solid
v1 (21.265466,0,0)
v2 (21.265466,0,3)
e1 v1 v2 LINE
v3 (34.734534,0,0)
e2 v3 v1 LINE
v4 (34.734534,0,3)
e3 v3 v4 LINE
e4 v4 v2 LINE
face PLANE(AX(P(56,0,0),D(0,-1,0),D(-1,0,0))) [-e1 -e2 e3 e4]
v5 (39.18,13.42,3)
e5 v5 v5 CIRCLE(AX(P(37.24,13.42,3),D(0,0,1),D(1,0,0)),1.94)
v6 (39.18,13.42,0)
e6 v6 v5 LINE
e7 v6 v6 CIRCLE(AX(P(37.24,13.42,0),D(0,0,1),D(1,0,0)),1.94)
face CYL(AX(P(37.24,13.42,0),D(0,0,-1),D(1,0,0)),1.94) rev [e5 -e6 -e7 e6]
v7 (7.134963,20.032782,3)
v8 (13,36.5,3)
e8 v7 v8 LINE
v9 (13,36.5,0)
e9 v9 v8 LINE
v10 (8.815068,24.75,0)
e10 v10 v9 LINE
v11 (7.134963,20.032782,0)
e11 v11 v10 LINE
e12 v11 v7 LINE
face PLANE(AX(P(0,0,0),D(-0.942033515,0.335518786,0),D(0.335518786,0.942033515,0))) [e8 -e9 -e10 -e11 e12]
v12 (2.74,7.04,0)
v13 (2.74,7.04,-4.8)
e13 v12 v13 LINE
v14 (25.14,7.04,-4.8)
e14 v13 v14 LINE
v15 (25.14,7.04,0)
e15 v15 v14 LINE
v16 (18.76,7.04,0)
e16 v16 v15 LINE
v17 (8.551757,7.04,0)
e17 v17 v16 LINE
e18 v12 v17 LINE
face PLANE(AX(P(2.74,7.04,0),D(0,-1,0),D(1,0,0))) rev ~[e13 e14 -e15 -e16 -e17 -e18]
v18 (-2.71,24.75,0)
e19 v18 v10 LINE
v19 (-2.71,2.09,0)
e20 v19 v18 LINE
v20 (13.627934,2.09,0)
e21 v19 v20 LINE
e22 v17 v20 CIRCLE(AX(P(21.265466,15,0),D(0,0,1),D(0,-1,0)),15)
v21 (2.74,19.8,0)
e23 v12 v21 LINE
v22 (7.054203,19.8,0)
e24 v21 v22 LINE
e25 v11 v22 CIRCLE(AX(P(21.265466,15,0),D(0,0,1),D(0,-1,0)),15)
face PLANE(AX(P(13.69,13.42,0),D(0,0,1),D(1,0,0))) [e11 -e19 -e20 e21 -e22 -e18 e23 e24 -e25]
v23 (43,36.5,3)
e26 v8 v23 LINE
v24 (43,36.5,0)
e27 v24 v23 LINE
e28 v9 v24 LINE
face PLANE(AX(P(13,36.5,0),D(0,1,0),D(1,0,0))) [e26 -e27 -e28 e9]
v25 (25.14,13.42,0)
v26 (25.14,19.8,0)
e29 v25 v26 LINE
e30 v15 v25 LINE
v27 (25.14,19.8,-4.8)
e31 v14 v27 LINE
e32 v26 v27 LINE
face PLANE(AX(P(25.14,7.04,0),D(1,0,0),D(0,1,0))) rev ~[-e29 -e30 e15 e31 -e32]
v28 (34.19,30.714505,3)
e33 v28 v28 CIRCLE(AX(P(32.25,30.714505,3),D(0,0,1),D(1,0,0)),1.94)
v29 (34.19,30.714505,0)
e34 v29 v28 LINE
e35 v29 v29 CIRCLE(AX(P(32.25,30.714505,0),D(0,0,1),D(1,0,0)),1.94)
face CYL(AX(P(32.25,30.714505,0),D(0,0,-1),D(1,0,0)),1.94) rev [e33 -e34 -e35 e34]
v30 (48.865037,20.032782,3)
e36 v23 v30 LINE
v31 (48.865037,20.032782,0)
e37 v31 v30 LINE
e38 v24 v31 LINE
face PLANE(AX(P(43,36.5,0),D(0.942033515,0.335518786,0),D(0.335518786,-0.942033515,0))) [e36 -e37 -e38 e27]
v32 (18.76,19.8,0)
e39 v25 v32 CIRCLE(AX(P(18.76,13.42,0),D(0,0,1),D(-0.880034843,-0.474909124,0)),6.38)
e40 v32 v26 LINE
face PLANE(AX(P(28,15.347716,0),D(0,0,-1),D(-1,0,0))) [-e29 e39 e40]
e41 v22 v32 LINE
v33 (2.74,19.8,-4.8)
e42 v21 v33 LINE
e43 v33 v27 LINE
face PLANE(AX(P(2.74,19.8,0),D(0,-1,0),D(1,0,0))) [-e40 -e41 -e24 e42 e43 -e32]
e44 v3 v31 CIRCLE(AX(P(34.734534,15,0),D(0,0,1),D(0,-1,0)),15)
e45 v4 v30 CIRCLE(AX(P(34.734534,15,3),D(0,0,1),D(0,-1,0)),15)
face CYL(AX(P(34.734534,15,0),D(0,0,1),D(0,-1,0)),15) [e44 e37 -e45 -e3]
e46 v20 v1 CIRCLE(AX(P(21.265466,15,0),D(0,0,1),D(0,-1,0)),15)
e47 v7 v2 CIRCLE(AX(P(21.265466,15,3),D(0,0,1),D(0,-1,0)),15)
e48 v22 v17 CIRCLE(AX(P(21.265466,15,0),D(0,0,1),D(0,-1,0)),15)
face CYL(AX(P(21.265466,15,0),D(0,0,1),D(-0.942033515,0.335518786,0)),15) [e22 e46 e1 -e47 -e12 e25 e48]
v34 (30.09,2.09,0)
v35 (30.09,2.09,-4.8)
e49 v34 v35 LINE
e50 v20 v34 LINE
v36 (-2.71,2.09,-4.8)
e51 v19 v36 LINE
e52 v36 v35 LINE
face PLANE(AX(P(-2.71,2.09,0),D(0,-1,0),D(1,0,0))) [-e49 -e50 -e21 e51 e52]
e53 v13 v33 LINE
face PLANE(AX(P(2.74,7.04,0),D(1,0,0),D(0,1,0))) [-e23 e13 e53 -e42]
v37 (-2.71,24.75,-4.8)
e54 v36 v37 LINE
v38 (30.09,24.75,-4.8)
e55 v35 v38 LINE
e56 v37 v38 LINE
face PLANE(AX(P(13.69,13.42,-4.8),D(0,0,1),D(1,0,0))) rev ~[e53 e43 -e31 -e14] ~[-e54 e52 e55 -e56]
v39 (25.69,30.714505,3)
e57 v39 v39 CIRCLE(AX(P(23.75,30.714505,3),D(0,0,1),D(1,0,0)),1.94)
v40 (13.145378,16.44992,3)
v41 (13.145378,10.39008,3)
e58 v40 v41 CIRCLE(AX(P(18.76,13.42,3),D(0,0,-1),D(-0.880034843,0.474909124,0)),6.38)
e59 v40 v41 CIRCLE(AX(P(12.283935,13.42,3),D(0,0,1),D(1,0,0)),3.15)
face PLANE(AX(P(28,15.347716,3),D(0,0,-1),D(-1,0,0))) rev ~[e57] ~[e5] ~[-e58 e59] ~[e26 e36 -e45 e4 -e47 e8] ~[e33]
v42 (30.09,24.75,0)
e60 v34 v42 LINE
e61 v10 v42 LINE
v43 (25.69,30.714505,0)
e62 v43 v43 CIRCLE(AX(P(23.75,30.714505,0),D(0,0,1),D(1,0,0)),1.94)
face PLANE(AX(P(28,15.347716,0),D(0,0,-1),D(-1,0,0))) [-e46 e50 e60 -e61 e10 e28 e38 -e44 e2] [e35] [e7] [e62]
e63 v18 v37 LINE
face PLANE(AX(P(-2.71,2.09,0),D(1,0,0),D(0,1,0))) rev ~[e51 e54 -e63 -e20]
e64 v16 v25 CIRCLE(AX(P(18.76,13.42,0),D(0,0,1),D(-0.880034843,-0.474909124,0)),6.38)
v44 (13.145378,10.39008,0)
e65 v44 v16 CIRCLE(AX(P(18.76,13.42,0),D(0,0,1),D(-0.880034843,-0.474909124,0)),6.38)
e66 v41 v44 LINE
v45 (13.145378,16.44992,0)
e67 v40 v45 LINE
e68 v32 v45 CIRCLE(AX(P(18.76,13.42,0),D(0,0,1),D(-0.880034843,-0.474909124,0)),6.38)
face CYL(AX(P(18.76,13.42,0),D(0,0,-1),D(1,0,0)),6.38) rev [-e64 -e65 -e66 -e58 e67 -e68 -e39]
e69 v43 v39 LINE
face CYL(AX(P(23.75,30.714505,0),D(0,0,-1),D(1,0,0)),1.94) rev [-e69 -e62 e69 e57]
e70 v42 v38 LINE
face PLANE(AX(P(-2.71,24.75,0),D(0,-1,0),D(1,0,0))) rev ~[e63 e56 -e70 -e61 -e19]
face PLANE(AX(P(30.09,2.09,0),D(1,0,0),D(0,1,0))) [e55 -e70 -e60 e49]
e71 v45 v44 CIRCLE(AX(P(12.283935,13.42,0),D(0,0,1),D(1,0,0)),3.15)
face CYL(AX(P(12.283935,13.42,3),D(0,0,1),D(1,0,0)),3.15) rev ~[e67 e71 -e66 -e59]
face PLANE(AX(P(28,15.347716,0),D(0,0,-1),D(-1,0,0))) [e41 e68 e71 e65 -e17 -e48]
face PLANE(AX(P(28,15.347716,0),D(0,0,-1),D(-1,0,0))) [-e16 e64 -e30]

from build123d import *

# Parameters (mm, degrees)
SKETCH004_W      = 32.8
SKETCH004_H      = 22.66
SKETCH004_W_2    = 22.4
SKETCH004_H_2    = 12.76
EXTRUDE002_DEPTH = 4.8
SKETCH_R         = 3.15
EXTRUDE001_DEPTH = 5
SKETCH003_R      = 1.94
SKETCH003_R_2    = 6.38
EXTRUDE_DEPTH    = 3
FILLET_R         = 15


with BuildPart() as extrude002:
    # Sketch004 → Extrude002 (new body)
    with BuildSketch(Plane.XY):
        with Locations((13.69, 13.42)):
            Rectangle(SKETCH004_W, SKETCH004_H)
        with Locations((13.94, 13.42)):
            Rectangle(SKETCH004_W_2, SKETCH004_H_2, mode=Mode.SUBTRACT)
    extrude(amount=-EXTRUDE002_DEPTH)


with BuildPart() as extrude001:
    # Sketch (on Face5 of Fillet) → Extrude001 (new body, symmetric)
    with BuildSketch(Plane.XY.offset(3)):
        with Locations((12.283935, 13.42)):
            Circle(SKETCH_R)
    extrude(amount=EXTRUDE001_DEPTH, both=True)


with BuildPart() as fusion:
    # Sketch003 → Extrude (new body)
    with BuildSketch(Plane.XY):
        Polygon((0, 0), (13, 36.5), (43, 36.5), (56, 0), align=None)
        with Locations((23.75, 30.714505)):
            Circle(SKETCH003_R, mode=Mode.SUBTRACT)
        with Locations((32.25, 30.714505)):
            Circle(SKETCH003_R, mode=Mode.SUBTRACT)
        with Locations((37.24, 13.42)):
            Circle(SKETCH003_R, mode=Mode.SUBTRACT)
        with Locations((18.76, 13.42)):
            Circle(SKETCH003_R_2, mode=Mode.SUBTRACT)
    extrude(amount=EXTRUDE_DEPTH)

    # Fillet
    fillet_edges = [fusion.edges().sort_by_distance(p)[0] for p in [
        (0, 0, 1.5),
        (56, 0, 1.5),
    ]]
    fillet(fillet_edges, radius=FILLET_R)

    # Cut: cut Extrude001
    add(extrude001.part, mode=Mode.SUBTRACT)

    # Fusion: union Extrude002
    add(extrude002.part)


solid = fusion.part
